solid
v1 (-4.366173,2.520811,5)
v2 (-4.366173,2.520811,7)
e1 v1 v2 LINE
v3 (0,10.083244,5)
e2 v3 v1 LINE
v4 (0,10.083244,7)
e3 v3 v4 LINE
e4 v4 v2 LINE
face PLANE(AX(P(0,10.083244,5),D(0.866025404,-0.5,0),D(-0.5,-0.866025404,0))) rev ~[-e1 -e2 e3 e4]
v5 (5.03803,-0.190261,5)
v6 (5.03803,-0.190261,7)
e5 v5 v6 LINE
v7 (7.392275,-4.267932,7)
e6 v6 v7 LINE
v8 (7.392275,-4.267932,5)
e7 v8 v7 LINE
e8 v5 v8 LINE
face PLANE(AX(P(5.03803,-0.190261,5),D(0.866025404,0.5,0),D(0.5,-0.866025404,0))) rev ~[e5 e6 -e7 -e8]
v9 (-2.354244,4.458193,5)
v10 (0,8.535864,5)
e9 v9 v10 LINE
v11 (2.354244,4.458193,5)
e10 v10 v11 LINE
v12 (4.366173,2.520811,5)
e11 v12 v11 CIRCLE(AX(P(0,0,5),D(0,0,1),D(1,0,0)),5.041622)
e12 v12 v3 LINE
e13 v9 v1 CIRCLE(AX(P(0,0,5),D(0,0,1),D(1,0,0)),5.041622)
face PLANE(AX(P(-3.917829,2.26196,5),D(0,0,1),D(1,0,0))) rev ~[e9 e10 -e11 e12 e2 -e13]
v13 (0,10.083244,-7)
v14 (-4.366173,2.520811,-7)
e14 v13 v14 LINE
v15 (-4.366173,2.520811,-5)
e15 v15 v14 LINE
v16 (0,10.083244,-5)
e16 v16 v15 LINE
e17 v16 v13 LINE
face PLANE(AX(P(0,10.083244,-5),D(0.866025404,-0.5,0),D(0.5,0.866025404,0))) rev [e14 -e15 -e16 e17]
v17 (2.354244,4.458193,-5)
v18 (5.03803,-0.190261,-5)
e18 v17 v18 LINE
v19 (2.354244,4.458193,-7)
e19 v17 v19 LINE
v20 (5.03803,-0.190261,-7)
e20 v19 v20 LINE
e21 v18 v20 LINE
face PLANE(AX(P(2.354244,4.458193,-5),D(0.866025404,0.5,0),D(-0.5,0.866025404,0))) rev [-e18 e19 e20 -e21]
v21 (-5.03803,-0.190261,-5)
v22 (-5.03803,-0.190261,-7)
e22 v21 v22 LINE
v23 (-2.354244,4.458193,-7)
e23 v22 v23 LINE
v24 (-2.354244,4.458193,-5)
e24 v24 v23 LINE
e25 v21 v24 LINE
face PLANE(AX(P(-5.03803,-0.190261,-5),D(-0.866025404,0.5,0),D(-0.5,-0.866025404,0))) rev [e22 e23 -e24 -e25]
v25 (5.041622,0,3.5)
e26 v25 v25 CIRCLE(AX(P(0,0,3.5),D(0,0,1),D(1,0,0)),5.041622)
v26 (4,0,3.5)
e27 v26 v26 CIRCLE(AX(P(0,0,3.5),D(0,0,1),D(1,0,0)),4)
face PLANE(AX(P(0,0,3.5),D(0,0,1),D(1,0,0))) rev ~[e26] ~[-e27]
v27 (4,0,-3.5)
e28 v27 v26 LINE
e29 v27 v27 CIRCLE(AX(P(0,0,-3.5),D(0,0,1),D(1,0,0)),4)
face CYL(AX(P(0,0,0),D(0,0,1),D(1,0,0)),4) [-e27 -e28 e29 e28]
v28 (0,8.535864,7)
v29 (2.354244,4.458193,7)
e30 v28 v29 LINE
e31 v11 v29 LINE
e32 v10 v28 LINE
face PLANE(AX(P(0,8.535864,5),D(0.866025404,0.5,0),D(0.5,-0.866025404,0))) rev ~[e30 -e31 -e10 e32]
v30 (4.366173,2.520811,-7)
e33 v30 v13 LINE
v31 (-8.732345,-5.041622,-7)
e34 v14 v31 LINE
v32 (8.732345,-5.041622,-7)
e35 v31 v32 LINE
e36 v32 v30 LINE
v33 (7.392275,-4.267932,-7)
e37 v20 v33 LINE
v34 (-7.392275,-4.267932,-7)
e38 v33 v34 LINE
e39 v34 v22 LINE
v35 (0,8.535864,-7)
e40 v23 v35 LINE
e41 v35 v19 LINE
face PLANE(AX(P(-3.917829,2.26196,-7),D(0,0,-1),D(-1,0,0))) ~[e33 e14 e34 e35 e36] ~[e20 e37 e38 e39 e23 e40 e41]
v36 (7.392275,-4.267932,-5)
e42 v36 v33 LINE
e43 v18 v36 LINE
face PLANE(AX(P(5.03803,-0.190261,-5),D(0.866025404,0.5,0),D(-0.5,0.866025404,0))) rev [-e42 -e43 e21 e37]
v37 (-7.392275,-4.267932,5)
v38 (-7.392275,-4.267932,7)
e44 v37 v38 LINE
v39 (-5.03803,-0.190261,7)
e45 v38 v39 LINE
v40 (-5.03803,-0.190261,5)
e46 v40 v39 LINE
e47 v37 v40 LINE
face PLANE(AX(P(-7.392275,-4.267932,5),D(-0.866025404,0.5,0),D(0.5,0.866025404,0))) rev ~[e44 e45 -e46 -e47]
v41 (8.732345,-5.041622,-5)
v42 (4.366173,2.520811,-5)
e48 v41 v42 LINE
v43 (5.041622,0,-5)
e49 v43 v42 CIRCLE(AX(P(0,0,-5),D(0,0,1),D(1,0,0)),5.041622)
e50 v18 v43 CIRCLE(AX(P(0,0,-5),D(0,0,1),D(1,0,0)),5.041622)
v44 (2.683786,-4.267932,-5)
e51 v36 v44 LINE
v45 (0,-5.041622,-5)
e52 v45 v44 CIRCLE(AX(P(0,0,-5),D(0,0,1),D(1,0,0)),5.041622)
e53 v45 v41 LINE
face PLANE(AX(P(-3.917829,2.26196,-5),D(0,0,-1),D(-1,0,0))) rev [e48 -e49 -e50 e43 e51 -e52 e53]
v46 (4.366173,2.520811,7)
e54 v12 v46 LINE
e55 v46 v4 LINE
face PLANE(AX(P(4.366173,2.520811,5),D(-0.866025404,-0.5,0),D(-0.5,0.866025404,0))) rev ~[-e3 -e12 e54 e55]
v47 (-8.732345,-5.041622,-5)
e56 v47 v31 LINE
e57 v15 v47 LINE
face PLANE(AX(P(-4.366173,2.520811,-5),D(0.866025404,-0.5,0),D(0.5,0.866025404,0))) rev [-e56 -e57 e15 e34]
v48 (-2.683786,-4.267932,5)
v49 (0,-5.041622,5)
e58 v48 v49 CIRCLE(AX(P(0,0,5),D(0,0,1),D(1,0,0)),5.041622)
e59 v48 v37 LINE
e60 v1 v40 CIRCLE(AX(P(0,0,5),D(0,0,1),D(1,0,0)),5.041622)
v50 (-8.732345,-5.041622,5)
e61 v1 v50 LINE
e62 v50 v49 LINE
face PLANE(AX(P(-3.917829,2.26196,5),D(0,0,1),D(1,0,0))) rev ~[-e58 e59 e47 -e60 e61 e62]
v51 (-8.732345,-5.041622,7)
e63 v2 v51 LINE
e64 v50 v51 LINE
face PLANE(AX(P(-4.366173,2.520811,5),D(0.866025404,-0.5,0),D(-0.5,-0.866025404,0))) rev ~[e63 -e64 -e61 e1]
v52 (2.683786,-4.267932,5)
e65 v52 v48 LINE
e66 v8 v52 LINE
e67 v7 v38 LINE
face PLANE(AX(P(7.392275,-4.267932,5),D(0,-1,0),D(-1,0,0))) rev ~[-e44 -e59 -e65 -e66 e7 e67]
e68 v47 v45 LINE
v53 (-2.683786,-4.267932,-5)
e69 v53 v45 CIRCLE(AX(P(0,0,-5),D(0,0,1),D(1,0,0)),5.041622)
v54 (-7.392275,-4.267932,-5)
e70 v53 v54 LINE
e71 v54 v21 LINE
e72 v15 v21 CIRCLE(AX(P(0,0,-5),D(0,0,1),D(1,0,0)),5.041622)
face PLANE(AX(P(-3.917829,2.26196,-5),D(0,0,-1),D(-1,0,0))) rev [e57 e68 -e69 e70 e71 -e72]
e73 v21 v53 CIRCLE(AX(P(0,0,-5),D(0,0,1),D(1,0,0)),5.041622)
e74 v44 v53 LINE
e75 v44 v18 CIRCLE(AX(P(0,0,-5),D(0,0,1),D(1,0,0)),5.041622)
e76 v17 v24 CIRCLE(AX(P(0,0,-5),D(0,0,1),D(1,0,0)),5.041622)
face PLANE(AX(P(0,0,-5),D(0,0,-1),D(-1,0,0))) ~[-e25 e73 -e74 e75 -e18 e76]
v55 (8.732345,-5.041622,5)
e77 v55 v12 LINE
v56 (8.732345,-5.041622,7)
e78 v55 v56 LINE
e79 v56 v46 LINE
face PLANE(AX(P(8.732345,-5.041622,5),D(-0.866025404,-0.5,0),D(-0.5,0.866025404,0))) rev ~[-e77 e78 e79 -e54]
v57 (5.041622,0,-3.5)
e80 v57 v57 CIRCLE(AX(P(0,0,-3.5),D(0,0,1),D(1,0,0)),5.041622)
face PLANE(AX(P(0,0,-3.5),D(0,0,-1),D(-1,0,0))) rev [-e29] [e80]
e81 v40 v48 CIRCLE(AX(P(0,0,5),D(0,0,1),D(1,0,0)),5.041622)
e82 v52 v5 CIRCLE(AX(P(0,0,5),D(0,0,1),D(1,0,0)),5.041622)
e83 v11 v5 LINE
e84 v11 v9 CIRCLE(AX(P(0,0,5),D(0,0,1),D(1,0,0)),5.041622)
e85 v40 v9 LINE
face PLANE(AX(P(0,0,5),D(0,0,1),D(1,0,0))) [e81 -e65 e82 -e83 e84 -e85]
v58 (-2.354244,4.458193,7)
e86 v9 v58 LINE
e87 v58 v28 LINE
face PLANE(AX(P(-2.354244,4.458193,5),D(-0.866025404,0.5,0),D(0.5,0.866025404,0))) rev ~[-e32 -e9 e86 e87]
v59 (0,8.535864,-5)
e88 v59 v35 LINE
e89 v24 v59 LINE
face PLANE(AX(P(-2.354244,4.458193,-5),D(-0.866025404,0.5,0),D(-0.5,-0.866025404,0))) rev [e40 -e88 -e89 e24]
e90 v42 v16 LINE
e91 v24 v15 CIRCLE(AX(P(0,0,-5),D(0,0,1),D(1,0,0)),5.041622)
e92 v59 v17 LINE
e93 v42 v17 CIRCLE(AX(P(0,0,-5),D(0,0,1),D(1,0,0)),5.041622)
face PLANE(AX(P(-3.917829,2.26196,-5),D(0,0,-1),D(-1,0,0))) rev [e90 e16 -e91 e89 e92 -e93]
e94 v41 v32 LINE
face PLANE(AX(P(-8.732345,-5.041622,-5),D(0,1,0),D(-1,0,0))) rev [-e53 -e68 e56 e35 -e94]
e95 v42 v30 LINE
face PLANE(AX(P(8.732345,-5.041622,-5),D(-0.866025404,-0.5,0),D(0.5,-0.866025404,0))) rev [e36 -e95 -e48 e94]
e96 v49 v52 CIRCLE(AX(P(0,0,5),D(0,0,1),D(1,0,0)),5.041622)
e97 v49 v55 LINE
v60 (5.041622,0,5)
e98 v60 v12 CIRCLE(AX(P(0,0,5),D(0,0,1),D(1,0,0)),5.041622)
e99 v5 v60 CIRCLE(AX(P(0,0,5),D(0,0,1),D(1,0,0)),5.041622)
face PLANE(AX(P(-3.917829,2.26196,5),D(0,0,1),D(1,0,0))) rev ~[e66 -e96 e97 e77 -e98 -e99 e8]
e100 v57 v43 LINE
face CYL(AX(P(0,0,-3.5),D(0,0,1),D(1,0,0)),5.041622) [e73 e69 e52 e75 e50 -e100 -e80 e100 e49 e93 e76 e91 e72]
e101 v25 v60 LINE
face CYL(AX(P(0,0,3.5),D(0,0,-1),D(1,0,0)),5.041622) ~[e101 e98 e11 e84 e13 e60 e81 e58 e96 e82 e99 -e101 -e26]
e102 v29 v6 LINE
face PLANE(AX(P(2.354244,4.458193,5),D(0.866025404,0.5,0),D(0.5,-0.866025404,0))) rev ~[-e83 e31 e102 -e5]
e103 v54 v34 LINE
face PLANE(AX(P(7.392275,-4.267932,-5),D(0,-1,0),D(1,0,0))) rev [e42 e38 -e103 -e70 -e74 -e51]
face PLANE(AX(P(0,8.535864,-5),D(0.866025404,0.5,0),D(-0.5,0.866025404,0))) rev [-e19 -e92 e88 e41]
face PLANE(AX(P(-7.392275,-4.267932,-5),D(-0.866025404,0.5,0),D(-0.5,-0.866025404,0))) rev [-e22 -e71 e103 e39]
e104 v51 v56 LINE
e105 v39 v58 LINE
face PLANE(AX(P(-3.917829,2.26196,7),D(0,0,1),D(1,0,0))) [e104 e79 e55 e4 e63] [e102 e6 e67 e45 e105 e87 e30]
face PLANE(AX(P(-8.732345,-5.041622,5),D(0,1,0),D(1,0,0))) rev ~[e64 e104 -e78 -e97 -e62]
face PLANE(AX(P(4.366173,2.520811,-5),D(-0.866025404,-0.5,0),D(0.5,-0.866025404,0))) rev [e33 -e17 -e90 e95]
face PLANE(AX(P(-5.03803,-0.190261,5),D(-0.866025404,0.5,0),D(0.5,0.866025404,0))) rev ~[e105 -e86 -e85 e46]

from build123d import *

# Parameters (mm, degrees)
F0_R     = 4
F1_DEPTH = 3.5
F2_R     = 5.0416218024
F2_R_2   = 4
F3_DEPTH = 1.5
F5_DEPTH = 2


with BuildPart() as f1:
    # F0 (on Top) → F1 (new body)
    with BuildSketch(Plane.XY):
        Circle(F0_R)
    extrude(amount=F1_DEPTH)

    # F2 (on face) → F3 (join)
    with BuildSketch(Plane.XY.offset(3.5)):
        Circle(F2_R)
        Circle(F2_R_2, mode=Mode.SUBTRACT)
        Circle(F2_R_2)
    extrude(amount=F3_DEPTH)

    # F4 (on face) → F5 (join)
    with BuildSketch(Plane.XY.offset(5)):
        with BuildLine():
            ThreePointArc((-2.3542444359, 4.4581928553), (-3.4970506358, 3.6316094571), (-4.3661725175, 2.5208109698))
            ThreePointArc((-4.3661725175, 2.5208109698), (-4.8935913453, 1.2127300373), (-5.0380304856, -0.1902609394))
            Line((-5.0380304856, -0.1902609394), (-2.3542444359, 4.4581928553))
        make_face()
        with BuildLine():
            ThreePointArc((-2.6837860497, -4.2679319158), (-1.3965406905, -4.8443394285), (0, -5.0416218024))
            ThreePointArc((0, -5.0416218024), (1.3965406905, -4.8443394285), (2.6837860497, -4.2679319158))
            Line((2.6837860497, -4.2679319158), (-2.6837860497, -4.2679319158))
        make_face()
        with BuildLine():
            ThreePointArc((5.0416218024, 0), (4.8698327257, 1.3048676647), (4.3661726358, 2.5208107651))
            ThreePointArc((4.3661726358, 2.5208107651), (3.497050721, 3.6316093751), (2.3542444359, 4.4581928553))
            Line((2.3542444359, 4.4581928553), (5.0380304856, -0.1902609394))
            ThreePointArc((5.0380304856, -0.1902609394), (5.0407238932, -0.0951474154), (5.0416218024, 0))
        make_face()
        with BuildLine():
            ThreePointArc((2.3542444359, 4.4581928553), (3.497050721, 3.6316093751), (4.3661726358, 2.5208107651))
            Line((4.3661726358, 2.5208107651), (0, 10.0832436048))
            Line((0, 10.0832436048), (-4.3661725175, 2.5208109698))
            ThreePointArc((-4.3661725175, 2.5208109698), (-3.4970506358, 3.6316094571), (-2.3542444359, 4.4581928553))
            Line((-2.3542444359, 4.4581928553), (0, 8.5358638316))
            Line((0, 8.5358638316), (2.3542444359, 4.4581928553))
        make_face()
        with BuildLine():
            Line((-8.7323451143, -5.0416218024), (0, -5.0416218024))
            ThreePointArc((0, -5.0416218024), (-1.3965406905, -4.8443394285), (-2.6837860497, -4.2679319158))
            Line((-2.6837860497, -4.2679319158), (-7.3922749214, -4.2679319158))
            Line((-7.3922749214, -4.2679319158), (-5.0380304856, -0.1902609394))
            ThreePointArc((-5.0380304856, -0.1902609394), (-4.8935913453, 1.2127300373), (-4.3661725175, 2.5208109698))
            Line((-4.3661725175, 2.5208109698), (-8.7323451143, -5.0416218024))
        make_face()
        with BuildLine():
            Line((0, -5.0416218024), (8.7323451143, -5.0416218024))
            Line((8.7323451143, -5.0416218024), (4.3661726358, 2.5208107651))
            ThreePointArc((4.3661726358, 2.5208107651), (4.8698327257, 1.3048676647), (5.0416218024, 0))
            ThreePointArc((5.0416218024, 0), (5.0407238932, -0.0951474154), (5.0380304856, -0.1902609394))
            Line((5.0380304856, -0.1902609394), (7.3922749214, -4.2679319158))
            Line((7.3922749214, -4.2679319158), (2.6837860497, -4.2679319158))
            ThreePointArc((2.6837860497, -4.2679319158), (1.3965406905, -4.8443394285), (0, -5.0416218024))
        make_face()
    extrude(amount=F5_DEPTH)

    # F6: F1 across plane


with BuildPart() as f1_1:
    add(f1.part)
    add(f1.part.mirror(Plane.XY))


solid = f1_1.part
